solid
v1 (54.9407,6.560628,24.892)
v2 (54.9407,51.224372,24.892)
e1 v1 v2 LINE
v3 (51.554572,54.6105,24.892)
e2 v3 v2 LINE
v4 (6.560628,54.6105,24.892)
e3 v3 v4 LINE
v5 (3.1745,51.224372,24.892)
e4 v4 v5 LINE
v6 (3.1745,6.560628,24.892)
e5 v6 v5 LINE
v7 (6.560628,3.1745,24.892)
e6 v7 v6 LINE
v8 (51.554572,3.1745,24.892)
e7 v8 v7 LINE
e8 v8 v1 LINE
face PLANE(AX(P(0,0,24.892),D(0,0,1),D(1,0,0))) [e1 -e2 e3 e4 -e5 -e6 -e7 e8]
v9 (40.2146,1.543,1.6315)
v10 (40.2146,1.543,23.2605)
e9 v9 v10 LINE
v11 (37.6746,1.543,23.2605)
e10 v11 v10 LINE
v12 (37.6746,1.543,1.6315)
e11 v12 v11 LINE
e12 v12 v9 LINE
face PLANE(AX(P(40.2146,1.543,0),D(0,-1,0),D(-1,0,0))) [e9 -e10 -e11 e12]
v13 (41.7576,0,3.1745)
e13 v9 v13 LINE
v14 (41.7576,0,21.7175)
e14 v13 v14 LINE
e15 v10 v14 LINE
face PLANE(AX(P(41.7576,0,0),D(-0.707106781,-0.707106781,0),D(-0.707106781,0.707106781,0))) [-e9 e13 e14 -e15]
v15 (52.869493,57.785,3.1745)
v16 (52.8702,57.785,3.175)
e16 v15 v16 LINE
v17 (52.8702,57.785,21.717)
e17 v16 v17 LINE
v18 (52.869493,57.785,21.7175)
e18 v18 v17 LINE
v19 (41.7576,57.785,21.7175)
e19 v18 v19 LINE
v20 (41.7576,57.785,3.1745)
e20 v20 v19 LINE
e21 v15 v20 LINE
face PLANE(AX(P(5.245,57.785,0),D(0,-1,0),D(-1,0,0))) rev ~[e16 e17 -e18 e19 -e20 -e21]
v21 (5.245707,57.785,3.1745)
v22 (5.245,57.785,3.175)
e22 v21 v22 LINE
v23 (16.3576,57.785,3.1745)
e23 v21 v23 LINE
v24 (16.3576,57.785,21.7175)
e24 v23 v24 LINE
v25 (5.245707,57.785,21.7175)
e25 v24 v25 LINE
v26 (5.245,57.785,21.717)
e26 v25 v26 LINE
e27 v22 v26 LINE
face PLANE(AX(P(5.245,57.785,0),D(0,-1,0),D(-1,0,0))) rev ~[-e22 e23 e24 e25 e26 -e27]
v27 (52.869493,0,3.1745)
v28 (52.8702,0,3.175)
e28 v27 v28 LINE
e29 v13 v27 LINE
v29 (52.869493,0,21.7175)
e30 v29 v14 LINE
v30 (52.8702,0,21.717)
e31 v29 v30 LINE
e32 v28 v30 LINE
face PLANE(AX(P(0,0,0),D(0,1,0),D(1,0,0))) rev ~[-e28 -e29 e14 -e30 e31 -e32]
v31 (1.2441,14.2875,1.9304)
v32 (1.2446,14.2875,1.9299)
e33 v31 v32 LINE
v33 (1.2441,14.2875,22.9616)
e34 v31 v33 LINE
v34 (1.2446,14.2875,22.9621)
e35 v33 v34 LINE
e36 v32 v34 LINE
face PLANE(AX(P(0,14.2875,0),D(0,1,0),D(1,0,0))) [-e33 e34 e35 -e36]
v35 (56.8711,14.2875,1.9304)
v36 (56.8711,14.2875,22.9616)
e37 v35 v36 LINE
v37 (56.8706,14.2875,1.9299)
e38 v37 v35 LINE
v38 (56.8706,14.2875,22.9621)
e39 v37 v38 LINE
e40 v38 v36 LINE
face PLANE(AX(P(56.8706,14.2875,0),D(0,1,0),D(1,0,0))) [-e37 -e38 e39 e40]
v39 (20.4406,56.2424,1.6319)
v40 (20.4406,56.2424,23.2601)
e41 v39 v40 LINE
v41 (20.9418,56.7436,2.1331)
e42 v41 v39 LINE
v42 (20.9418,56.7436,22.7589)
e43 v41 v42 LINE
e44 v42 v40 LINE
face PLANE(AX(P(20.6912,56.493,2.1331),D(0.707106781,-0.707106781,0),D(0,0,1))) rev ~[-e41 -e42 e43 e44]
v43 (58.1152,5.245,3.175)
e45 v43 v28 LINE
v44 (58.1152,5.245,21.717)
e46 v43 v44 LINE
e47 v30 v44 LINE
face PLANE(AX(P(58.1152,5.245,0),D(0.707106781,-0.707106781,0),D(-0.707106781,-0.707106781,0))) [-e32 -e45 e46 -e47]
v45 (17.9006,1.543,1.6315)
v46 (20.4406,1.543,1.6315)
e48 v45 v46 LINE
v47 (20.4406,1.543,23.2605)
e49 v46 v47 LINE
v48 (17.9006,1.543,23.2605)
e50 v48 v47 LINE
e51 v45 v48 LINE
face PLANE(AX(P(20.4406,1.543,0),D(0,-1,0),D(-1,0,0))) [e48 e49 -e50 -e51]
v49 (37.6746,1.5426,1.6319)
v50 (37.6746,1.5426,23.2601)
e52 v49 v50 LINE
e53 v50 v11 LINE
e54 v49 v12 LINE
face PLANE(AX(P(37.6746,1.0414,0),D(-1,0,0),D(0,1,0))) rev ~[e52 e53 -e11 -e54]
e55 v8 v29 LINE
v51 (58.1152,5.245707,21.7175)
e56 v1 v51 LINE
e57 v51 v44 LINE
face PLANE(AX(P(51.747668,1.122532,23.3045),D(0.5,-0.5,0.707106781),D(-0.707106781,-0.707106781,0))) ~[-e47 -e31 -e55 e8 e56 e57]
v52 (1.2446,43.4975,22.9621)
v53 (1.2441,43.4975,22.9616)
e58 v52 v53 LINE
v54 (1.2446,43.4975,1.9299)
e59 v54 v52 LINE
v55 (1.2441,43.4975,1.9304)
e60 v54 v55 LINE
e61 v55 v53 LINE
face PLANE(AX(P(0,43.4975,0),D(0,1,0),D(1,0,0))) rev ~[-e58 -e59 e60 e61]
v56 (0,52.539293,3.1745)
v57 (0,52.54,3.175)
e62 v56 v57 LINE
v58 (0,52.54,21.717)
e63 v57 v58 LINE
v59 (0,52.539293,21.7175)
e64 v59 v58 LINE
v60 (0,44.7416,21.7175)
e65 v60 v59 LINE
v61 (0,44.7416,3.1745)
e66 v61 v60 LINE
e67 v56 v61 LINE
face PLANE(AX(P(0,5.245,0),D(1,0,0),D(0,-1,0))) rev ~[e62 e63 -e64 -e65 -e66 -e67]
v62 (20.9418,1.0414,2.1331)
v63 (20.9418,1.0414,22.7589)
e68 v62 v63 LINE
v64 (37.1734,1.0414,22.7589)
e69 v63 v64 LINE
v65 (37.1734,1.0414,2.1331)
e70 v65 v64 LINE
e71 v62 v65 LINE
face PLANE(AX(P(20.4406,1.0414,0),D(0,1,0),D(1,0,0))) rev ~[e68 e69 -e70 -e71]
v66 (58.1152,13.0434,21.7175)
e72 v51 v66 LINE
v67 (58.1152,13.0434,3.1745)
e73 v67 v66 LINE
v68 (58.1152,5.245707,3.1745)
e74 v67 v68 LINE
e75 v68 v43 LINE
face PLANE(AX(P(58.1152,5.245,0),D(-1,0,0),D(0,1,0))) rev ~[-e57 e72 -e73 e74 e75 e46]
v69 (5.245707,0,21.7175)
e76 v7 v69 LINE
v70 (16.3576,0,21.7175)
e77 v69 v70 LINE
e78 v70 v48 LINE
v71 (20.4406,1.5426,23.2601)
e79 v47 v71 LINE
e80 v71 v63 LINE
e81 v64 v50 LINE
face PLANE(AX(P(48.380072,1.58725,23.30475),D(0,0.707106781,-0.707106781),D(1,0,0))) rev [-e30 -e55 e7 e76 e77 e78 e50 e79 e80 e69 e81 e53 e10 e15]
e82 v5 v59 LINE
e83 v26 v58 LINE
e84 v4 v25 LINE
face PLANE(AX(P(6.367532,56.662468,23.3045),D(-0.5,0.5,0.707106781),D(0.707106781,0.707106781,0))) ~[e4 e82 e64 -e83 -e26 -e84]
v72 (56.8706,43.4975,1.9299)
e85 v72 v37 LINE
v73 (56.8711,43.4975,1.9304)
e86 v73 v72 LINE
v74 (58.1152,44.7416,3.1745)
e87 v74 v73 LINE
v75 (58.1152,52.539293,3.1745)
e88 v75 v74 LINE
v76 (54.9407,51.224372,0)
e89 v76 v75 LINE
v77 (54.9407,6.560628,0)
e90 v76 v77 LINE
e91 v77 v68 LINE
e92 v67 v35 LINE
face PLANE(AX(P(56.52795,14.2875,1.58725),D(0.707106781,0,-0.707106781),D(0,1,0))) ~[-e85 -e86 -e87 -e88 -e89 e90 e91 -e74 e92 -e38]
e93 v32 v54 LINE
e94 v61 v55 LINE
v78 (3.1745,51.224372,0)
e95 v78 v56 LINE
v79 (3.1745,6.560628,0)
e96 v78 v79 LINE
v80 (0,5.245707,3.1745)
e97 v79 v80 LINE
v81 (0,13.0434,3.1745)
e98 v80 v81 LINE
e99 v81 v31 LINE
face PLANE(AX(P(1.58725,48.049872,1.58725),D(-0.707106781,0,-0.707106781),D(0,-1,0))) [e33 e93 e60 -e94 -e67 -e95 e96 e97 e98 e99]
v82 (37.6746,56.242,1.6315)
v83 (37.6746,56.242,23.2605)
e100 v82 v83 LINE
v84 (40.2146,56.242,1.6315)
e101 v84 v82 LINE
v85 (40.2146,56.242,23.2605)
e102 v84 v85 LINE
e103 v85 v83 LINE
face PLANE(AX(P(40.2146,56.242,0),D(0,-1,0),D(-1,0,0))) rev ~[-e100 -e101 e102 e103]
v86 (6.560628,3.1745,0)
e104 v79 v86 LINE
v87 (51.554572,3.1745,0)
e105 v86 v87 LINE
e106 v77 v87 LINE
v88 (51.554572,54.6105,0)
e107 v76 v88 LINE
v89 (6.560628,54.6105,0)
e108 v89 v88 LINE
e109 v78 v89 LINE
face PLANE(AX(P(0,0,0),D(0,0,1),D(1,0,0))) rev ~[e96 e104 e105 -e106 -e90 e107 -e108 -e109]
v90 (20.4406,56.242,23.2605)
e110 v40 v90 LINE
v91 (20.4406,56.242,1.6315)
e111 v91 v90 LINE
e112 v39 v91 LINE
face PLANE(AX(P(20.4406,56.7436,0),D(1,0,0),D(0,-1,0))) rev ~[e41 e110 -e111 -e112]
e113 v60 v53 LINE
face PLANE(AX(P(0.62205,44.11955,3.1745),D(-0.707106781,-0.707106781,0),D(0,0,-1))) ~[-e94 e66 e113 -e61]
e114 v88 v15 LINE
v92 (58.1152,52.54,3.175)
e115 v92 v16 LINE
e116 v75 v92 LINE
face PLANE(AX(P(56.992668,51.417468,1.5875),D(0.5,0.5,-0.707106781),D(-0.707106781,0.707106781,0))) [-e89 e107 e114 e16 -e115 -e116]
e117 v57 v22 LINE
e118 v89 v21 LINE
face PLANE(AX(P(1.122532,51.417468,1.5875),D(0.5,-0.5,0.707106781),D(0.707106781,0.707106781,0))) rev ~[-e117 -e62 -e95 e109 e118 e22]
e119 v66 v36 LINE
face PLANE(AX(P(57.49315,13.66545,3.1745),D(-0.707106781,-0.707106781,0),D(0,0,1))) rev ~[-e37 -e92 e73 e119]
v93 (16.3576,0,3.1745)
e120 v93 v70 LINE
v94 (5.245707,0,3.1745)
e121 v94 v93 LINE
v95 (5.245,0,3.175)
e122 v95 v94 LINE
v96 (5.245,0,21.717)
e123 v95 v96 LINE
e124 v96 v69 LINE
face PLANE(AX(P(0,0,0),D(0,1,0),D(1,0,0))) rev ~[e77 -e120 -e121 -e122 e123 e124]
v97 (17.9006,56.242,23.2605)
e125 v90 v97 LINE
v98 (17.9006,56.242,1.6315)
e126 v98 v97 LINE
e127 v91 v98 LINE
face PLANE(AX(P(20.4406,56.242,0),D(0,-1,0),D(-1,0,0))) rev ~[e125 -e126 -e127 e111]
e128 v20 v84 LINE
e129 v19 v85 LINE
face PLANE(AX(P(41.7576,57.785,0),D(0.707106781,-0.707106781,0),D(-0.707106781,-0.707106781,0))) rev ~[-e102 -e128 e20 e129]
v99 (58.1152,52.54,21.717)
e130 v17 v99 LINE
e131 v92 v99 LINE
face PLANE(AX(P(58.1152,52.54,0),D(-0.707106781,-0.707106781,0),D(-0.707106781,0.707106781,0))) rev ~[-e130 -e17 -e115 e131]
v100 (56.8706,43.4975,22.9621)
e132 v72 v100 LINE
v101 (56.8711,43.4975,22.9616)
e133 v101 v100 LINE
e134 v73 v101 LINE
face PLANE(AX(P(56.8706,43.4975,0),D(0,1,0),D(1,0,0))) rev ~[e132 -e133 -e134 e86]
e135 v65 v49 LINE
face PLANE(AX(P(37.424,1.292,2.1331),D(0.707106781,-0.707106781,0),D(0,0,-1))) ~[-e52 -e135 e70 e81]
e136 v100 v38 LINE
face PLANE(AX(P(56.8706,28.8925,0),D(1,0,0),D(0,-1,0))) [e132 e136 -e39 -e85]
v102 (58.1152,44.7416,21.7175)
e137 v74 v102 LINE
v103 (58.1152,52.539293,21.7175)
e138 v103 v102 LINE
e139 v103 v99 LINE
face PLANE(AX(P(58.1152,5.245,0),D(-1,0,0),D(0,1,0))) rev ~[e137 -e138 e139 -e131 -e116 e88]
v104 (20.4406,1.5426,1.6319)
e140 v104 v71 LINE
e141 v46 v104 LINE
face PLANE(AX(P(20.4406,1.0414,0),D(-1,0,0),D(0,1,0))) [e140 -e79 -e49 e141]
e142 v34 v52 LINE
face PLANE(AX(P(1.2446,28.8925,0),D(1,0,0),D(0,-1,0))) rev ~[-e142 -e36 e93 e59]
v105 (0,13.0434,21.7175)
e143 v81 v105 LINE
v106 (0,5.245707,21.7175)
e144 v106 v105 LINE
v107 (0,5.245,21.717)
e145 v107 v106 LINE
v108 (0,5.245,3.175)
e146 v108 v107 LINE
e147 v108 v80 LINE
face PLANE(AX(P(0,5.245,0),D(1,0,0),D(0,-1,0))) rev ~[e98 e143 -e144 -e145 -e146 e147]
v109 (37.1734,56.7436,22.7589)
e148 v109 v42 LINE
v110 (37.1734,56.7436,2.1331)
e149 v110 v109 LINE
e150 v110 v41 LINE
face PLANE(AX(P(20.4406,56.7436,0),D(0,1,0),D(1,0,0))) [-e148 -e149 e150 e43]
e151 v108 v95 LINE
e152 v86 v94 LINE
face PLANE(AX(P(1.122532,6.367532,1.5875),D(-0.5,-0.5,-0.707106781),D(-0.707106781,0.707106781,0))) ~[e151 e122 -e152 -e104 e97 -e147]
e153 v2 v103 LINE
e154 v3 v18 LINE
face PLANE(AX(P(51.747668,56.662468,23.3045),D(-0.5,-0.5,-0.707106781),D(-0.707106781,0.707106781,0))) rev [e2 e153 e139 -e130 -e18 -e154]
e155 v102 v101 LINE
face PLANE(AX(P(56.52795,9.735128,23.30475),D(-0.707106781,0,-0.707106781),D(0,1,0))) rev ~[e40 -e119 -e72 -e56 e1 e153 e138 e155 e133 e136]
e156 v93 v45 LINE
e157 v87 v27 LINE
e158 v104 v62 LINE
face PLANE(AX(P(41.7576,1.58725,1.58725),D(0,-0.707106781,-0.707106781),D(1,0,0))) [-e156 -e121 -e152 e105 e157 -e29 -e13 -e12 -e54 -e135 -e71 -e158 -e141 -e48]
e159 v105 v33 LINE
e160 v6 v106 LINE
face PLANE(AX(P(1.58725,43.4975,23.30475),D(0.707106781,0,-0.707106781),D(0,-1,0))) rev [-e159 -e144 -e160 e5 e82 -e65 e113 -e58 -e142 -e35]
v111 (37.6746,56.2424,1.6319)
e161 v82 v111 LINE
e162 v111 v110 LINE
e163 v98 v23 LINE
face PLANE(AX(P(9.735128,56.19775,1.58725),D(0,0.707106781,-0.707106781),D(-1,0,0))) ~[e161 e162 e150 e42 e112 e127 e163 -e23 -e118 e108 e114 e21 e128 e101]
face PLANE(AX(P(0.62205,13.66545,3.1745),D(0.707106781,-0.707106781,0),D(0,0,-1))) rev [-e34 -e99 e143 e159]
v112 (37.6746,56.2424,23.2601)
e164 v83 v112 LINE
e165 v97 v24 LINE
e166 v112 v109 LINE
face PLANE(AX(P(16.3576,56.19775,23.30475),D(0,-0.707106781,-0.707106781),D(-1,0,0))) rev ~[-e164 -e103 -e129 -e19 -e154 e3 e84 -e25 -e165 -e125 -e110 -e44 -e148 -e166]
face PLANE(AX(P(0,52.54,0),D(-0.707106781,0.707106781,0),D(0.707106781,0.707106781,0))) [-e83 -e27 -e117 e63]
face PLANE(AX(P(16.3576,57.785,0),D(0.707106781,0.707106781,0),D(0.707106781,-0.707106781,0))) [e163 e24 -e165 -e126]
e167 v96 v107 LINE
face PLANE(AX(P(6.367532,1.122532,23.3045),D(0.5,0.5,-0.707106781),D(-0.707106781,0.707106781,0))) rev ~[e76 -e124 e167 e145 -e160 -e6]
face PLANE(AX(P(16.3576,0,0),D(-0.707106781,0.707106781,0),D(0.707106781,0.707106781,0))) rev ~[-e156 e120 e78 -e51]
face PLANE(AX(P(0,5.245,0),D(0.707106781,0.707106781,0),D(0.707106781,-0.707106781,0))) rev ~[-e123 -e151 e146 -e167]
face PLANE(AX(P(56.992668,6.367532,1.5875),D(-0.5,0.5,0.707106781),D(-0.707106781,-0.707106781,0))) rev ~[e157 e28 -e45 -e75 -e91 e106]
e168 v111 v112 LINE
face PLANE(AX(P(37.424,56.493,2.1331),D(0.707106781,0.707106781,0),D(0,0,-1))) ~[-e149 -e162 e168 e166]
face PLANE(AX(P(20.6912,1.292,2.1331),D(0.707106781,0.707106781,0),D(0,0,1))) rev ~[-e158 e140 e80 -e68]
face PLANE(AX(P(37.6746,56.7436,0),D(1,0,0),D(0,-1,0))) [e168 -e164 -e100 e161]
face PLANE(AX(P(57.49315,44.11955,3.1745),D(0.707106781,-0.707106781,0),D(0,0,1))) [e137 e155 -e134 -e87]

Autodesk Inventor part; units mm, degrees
ref_plane "YZ Plane" through (0, 0, 0) normal (1, 0, 0) x (0, 1, 0)
ref_plane "XZ Plane" through (0, 0, 0) normal (0, 1, 0) x (-1, 0, 0)
ref_plane "XY Plane" through (0, 0, 0) normal (0, 0, 1) x (1, 0, 0)
sketch "Sketch1" plane through (0, 0, 0) normal (0, 0, 1) x (1, 0, 0)
  line L0 (0, 0) -> (58.1152, 0)
  line L1 (58.1152, 0) -> (58.1152, 57.785)
  line L2 (58.1152, 57.785) -> (0, 57.785)
  line L3 (0, 57.785) -> (0, 0)
  line L4 (0, 43.4975) -> (58.1152, 43.4975)
  line L5 (0, 28.8925) -> (58.1152, 28.8925)
  line L6 (0, 14.2875) -> (58.1152, 14.2875)
  line L7 (29.0576, 57.785) -> (29.0576, 0)
  line L8 (16.3576, 57.785) -> (16.3576, 0)
  line L9 (41.7576, 57.785) -> (41.7576, 0)
  line L10 (1.2446, 43.4975) -> (1.2446, 14.2875)
  line L11 (56.8706, 43.4975) -> (56.8706, 14.2875)
  line L12 (16.3576, 56.7436) -> (41.7576, 56.7436)
  line L13 (16.3576, 1.0414) -> (41.7576, 1.0414)
  line L14 (4.9602, 57.785) -> (10.8826, 57.785) construction
  line L15 (0, 52.54) -> (5.245, 57.785)
  line L16 (58.1152, 52.54) -> (52.8702, 57.785)
  line L17 (0, 5.245) -> (5.245, 0)
  line L18 (58.1152, 5.245) -> (52.8702, 0)
  line L19 (41.7576, 56.242) -> (16.3576, 56.242)
  line L20 (41.7576, 1.543) -> (16.3576, 1.543)
  line L21 (41.7576, 57.785) -> (40.2146, 56.242)
  line L22 (16.3576, 57.785) -> (17.9006, 56.242)
  line L23 (41.7576, 0) -> (40.2146, 1.543)
  line L24 (16.3576, 0) -> (17.9006, 1.543)
  line L25 (37.6746, 57.785) -> (37.6746, 56.242)
  line L26 (20.4406, 57.785) -> (20.4406, 56.242)
  line L27 (37.6746, 0) -> (37.6746, 1.543)
  line L28 (20.4406, 0) -> (20.4406, 1.543)
  point P0 (52.8702, 0)
  point P1 (17.399, 1.0414)
  point P2 (40.7162, 1.0414)
  point P3 (17.399, 56.7436)
  point P4 (40.7162, 56.7436)
  point P5 (20.4406, 56.7436)
  point P6 (37.6746, 56.7436)
  point P7 (20.4406, 1.0414)
  point P8 (37.6746, 1.0414)
  dimension "d0" = 58.1152
  dimension "d1" = 57.785
  dimension "d2" = 29.21
  dimension "d3" = 25.4
  dimension "d4" = 55.626
  dimension "d5" = 55.7022
  dimension "d18" = 74.5363
  dimension "d19" = 45
  dimension "d34" = 54.6989
  dimension "d35" = 45
  dimension "d36" = 2.54
extrude "Extrusion1" add sketch "Sketch1" along normal blind 24.892
extrude "Extrusion2" cut sketch "Sketch1" along normal through all contours L24 L13 L28 L0 | L3 L5 L10 L6 | L28 L13 L7 L0 | L24 L20 L28 L13 | L3 L4 L10 L5 | L7 L13 L27 L0 | L27 L13 L23 L0 | L27 L20 L23 L13 | L2 L26 L12 L22 | L11 L5 L1 L6 | L2 L7 L12 L26 | L12 L26 L19 L22 | L11 L4 L1 L5 | L2 L25 L12 L7 | L25 L12 L21 L19 | L2 L21 L12 L25
extrude "Extrusion3" cut sketch "Sketch1" along normal through all contours L3 L17 L0 | L3 L2 L15 | L18 L1 L0 | L16 L2 L1
chamfer "Chamfer5" distance 3.175 angle 45 8 edges at (2.6225, 55.1625, 24.892) (55.4927, 55.1625, 24.892) (55.4927, 2.6225, 24.892) (2.6225, 2.6225, 24.892) (2.6225, 2.6225, 0) (2.6225, 55.1625, 0) (55.4927, 55.1625, 0) (55.4927, 2.6225, 0)
chamfer "Chamfer6" distance 3.175 angle 45 8 edges at (0, 45.7737, 0) (13.0464, 57.785, 0) (45.0688, 0, 0) (58.1152, 12.0113, 0) (0, 45.7737, 24.892) (13.0464, 57.785, 24.892) (58.1152, 12.0113, 24.892) (45.0688, 0, 24.892)
chamfer "Chamfer7" distance 0.5017 angle 45 4 edges at (37.6746, 56.7436, 12.446) (20.4406, 56.7436, 12.446) (37.6746, 1.0414, 12.446) (20.4406, 1.0414, 12.446)
chamfer "Chamfer8" distance 1.2446 angle 45 4 edges at (58.1152, 43.4975, 12.446) (58.1152, 14.2875, 12.446) (0, 43.4975, 12.446) (0, 14.2875, 12.446)
properties part number "Inclinometer" material "ABS Plastic"
